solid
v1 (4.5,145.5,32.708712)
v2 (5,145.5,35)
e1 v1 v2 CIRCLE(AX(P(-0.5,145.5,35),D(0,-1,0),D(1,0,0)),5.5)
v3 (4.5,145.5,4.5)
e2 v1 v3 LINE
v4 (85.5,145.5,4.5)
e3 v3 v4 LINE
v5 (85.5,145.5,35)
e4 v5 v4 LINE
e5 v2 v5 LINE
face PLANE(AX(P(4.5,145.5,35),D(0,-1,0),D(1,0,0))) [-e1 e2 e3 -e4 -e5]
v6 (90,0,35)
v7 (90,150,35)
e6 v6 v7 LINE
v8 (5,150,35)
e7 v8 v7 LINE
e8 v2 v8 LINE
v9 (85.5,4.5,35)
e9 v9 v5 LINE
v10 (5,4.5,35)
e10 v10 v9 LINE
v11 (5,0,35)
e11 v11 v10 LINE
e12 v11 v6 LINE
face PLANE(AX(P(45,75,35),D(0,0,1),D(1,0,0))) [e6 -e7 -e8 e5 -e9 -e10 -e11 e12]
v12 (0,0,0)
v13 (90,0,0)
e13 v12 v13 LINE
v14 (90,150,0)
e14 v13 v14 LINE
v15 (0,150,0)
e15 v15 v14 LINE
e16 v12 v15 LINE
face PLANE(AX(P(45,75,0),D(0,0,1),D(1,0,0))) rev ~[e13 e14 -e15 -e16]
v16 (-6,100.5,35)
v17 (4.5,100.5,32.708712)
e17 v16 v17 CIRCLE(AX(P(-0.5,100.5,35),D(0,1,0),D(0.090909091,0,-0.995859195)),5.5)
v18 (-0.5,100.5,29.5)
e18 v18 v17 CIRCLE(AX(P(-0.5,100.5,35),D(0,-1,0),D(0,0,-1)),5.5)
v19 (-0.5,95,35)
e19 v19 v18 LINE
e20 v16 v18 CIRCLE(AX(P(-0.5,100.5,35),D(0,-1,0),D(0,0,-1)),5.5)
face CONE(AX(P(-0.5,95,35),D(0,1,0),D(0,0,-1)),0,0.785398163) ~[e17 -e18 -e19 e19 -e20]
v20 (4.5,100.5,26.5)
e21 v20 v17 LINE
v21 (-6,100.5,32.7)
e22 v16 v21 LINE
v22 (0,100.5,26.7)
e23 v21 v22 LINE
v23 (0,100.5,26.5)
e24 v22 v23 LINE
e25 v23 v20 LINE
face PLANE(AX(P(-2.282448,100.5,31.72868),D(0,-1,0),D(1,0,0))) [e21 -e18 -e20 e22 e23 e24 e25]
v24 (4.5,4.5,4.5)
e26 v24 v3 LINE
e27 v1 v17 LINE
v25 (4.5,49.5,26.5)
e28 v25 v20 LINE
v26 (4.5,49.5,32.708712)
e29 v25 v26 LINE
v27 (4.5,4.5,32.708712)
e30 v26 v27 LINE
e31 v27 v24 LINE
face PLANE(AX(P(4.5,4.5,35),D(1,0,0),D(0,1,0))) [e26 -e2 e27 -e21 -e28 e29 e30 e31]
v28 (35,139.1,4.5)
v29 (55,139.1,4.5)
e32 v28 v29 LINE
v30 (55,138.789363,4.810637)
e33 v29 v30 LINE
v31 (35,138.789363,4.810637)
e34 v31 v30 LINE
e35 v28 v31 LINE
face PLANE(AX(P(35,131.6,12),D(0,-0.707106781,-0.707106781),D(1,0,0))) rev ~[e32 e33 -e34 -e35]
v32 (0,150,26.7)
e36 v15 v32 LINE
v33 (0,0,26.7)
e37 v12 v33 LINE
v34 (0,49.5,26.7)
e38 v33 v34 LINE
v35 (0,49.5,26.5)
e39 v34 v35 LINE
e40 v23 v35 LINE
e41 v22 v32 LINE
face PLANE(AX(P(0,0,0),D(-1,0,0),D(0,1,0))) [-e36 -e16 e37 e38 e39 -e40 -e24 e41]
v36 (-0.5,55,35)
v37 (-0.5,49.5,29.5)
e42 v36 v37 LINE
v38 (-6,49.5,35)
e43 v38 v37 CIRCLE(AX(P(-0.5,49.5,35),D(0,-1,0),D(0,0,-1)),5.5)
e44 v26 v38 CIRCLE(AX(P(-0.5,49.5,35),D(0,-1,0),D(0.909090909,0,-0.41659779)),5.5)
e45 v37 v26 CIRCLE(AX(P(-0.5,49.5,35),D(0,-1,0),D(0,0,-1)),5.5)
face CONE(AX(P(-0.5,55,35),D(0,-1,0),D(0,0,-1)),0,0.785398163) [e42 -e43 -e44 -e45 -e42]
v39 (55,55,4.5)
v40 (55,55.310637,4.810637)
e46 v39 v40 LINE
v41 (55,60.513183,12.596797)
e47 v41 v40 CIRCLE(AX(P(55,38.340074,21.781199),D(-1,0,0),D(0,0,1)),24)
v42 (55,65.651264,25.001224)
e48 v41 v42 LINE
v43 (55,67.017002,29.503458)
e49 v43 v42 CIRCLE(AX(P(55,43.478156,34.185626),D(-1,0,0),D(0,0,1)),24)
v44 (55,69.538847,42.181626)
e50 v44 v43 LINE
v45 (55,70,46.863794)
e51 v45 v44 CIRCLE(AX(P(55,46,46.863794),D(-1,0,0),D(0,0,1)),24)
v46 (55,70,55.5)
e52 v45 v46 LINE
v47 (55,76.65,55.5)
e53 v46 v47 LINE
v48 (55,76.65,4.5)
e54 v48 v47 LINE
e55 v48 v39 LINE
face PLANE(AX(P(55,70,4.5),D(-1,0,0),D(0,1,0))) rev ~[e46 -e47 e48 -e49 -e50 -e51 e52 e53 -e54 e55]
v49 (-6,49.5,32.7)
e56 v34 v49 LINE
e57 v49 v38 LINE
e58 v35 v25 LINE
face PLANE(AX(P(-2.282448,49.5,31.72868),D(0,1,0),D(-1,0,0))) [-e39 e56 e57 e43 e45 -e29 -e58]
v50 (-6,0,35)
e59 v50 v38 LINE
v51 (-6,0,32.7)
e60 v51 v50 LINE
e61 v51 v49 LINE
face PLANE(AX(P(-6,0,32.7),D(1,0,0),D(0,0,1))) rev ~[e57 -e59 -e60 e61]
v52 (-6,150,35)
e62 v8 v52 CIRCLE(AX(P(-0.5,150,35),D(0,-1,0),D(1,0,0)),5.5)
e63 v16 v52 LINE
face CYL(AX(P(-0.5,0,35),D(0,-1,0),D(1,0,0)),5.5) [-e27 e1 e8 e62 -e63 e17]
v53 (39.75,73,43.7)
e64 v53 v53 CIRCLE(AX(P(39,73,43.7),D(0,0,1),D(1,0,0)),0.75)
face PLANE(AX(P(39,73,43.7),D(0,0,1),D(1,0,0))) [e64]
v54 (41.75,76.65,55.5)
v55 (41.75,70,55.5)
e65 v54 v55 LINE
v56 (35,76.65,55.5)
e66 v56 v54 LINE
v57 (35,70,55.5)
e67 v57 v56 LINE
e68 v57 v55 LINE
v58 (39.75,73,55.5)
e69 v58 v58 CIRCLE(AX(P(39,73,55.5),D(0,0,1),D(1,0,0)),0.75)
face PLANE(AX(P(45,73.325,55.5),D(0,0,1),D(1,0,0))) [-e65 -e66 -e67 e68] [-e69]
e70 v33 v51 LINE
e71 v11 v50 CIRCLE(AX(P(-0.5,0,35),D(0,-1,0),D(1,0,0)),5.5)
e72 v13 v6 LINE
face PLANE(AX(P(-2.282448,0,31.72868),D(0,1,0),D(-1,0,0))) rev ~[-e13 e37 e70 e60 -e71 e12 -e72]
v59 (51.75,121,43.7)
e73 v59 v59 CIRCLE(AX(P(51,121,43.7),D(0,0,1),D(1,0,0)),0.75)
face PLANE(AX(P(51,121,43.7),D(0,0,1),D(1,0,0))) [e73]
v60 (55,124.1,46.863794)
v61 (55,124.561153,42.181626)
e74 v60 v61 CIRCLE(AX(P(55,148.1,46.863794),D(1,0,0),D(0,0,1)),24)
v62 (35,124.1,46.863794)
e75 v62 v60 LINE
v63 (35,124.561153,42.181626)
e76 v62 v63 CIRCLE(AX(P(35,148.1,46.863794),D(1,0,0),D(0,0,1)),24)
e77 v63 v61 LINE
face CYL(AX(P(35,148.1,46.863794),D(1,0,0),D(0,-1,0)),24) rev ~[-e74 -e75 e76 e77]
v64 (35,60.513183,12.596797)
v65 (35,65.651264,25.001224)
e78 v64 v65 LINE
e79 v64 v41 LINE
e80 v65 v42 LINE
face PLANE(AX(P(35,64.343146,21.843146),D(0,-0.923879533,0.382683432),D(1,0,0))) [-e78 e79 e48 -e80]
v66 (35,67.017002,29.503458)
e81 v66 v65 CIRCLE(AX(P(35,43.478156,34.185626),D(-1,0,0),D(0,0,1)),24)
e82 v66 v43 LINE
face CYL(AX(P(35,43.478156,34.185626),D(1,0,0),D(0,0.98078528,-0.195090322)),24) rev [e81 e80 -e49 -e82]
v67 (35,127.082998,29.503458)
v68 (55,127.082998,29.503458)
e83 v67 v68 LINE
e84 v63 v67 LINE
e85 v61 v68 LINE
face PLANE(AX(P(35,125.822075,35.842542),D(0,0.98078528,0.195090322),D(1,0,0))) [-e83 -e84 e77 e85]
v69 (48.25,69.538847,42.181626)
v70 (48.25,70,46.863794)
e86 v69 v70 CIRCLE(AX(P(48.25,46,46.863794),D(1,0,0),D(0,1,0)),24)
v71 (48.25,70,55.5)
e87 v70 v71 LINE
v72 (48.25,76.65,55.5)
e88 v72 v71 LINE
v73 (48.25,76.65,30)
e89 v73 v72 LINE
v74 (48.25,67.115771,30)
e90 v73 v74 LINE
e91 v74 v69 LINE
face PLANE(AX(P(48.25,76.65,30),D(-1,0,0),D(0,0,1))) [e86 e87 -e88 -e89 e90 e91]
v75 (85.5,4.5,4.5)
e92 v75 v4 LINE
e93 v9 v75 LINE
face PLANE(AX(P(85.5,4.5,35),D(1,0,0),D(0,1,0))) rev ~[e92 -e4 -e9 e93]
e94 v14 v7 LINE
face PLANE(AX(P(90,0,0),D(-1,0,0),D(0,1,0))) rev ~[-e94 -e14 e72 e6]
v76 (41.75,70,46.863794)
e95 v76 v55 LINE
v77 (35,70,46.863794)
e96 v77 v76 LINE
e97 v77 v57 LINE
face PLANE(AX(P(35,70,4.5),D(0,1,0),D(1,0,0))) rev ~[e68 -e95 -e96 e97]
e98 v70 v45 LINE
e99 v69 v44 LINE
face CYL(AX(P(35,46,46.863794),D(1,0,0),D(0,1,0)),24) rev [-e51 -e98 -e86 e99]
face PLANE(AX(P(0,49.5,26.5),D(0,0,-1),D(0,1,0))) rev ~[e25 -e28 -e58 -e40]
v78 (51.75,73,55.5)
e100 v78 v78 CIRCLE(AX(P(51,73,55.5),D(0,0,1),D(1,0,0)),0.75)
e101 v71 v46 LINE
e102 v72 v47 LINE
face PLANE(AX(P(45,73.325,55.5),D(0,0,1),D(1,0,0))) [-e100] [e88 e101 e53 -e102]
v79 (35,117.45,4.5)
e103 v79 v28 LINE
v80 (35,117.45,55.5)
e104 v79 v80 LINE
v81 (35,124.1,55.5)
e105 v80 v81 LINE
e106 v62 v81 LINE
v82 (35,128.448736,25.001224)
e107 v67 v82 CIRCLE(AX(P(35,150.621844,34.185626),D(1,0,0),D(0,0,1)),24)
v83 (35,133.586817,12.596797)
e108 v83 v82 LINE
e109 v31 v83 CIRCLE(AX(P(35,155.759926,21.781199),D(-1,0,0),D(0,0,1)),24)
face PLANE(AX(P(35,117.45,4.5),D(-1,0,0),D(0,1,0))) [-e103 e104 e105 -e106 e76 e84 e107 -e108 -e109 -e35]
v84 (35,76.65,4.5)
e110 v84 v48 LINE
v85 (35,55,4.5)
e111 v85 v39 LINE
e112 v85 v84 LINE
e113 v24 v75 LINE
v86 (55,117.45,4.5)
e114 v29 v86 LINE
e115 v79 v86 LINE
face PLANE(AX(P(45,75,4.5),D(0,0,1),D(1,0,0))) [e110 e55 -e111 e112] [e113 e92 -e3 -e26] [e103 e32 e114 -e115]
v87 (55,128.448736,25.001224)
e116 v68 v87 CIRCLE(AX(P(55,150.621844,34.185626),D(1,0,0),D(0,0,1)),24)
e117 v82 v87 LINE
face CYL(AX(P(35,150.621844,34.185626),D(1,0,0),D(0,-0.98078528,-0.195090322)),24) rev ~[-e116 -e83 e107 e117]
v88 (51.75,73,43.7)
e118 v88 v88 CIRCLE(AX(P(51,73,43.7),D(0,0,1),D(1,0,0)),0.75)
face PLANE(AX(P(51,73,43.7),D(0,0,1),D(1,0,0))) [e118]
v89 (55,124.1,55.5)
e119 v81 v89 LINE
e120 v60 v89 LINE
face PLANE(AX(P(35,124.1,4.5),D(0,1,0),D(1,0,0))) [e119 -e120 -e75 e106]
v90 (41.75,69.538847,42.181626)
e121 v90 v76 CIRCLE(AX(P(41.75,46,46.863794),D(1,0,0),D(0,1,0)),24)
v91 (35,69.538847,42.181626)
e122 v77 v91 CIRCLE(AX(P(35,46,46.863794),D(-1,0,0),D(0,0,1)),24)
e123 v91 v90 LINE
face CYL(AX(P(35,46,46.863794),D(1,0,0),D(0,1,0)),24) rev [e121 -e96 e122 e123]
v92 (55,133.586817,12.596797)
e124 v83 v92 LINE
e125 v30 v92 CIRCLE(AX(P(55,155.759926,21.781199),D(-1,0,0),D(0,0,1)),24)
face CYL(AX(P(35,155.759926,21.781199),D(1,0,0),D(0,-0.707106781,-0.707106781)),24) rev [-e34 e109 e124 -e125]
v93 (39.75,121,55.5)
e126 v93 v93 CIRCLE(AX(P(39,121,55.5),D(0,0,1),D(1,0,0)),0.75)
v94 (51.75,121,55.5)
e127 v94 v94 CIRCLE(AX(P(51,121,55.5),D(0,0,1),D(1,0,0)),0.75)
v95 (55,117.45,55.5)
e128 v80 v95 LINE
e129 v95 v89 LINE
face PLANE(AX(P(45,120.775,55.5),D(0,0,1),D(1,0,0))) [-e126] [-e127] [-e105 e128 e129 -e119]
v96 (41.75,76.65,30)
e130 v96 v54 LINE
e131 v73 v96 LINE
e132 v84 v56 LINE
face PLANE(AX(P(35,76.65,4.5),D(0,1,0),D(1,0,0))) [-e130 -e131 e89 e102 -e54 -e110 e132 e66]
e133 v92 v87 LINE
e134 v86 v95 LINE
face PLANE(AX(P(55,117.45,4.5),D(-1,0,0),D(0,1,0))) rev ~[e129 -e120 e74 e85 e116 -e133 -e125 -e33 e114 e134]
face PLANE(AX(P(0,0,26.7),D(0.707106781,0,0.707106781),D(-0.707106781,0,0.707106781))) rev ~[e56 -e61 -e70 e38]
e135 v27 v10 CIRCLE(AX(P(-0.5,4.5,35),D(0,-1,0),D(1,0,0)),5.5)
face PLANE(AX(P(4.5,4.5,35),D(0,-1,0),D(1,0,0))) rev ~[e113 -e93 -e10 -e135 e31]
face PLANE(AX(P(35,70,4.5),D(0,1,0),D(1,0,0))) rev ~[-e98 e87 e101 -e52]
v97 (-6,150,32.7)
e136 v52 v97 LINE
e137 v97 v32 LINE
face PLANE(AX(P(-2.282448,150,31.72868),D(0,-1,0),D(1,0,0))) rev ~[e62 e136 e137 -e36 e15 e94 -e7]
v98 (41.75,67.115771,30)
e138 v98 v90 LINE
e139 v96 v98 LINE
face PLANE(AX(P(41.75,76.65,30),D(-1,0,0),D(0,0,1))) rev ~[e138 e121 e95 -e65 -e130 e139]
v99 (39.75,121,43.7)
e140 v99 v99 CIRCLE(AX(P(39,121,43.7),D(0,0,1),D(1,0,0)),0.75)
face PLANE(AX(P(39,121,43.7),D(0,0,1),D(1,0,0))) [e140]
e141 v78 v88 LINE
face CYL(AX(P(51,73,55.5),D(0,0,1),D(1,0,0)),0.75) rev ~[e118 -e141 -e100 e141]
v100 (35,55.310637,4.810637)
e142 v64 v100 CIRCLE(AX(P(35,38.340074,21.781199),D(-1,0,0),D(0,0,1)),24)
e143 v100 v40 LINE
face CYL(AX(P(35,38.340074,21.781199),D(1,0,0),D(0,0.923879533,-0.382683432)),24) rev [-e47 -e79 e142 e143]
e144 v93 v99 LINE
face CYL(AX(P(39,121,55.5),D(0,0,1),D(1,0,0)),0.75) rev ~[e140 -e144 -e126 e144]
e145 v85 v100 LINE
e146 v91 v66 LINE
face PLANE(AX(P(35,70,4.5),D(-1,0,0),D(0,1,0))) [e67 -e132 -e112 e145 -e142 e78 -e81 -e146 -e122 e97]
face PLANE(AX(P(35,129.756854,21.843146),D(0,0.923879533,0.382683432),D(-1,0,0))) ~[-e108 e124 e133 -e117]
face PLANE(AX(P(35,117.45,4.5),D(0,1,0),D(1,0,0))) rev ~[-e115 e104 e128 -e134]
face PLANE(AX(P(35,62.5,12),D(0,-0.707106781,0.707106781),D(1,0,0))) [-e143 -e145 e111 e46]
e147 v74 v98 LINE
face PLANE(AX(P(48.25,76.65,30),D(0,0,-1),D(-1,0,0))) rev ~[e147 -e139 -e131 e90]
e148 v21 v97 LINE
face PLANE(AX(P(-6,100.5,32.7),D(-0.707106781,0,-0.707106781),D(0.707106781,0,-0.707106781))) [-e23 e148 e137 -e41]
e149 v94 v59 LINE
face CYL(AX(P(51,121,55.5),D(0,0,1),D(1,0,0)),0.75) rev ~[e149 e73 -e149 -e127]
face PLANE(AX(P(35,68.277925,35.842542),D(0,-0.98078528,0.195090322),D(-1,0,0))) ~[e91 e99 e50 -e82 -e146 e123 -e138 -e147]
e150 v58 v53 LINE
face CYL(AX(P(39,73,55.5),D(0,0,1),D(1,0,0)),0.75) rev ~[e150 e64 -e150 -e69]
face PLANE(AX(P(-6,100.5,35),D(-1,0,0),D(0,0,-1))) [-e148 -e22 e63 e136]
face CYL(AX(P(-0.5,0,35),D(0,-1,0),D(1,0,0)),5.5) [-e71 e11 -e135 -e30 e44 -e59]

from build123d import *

# Parameters (mm, degrees)
SKETCH008_W     = 90
SKETCH008_H     = 150
PAD003_DEPTH    = 35
SKETCH009_W     = 81
SKETCH009_H     = 141
POCKET003_DEPTH = 30.5
SKETCH013_R     = 5.5
PAD006_DEPTH    = 150
SKETCH014_W     = 51
SKETCH014_H     = 14
POCKET005_DEPTH = 6
PAD008_DEPTH    = 49.5
PAD009_DEPTH    = 49.5
SKETCH021_W     = 20
SKETCH021_H     = 6.65
PAD010_DEPTH    = 51
CHAMFER001_SIZE = 15
SKETCH022_R     = 0.75
POCKET007_DEPTH = 11.8
CHAMFER002_SIZE = 16
CHAMFER003_SIZE = 9
FILLET001_R     = 24
SKETCH023_W     = 6.5
SKETCH023_H     = 25.5
POCKET008_DEPTH = 16


with BuildPart() as part:
    # Sketch008 → Pad003 (new body)
    with BuildSketch(Plane.XY):
        with Locations((45, 75)):
            Rectangle(SKETCH008_W, SKETCH008_H)
    extrude(amount=PAD003_DEPTH)

    # Sketch009 (on Face6 of Pad003) → Pocket003 (cut)
    with BuildSketch(Plane.XY.offset(35)):
        with Locations((45, 75)):
            Rectangle(SKETCH009_W, SKETCH009_H)
    extrude(amount=-POCKET003_DEPTH, mode=Mode.SUBTRACT)

    # Sketch013 → Pad006 (join)
    with BuildSketch(Plane.XZ):
        with Locations((-0.5, 35)):
            Circle(SKETCH013_R)
    extrude(amount=-PAD006_DEPTH)

    # Sketch014 → Pocket005 (cut, symmetric)
    with BuildSketch(Plane.YZ):
        with Locations((75, 33.5)):
            Rectangle(SKETCH014_W, SKETCH014_H)
    extrude(amount=POCKET005_DEPTH, both=True, mode=Mode.SUBTRACT)

    # Sketch017 (on Face13 of Pocket005) → Pad008 (join)
    with BuildSketch(Plane.XZ):
        Polygon((0, 26.7), (-6, 32.7), (-6, 35), (0, 35), align=None)
    extrude(amount=-PAD008_DEPTH)

    # Sketch018 (on Face19 of Pad008) → Pad009 (join)
    with BuildSketch(Plane.XZ.offset(-100.5)):
        Polygon((0, 26.7), (0, 35), (-6, 35), (-6, 32.7), align=None)
    extrude(amount=-PAD009_DEPTH)

    # Sketch019 (on DatumPlane) → Revolution (revolve)
    with BuildSketch(Plane(origin=(-0.5, 100.5, 0), x_dir=(0, 1, 0), z_dir=(1, 0, 0))):
        Polygon((0, 35), (-5.5, 35), (0, 29.5), align=None)
        Polygon((-51, 35), (-45.5, 35), (-51, 29.5), align=None)
    revolve(axis=Axis((-0.5, 100.5, 35), (0, -1, 0)))

    # Sketch021 (on Face26 of Revolution) → Pad010 (join)
    with BuildSketch(Plane.XY.offset(4.5)):
        with Locations((45, 120.775)):
            Rectangle(SKETCH021_W, SKETCH021_H)
        with Locations((45, 73.325)):
            Rectangle(SKETCH021_W, SKETCH021_H)
    extrude(amount=PAD010_DEPTH)

    # Chamfer001
    chamfer001_edges = [part.edges().sort_by_distance(p)[0] for p in [
        (45, 70, 4.5),
        (45, 124.1, 4.5),
    ]]
    chamfer(chamfer001_edges, length=CHAMFER001_SIZE)

    # Sketch022 (on Face23 of Chamfer001) → Pocket007 (cut)
    with BuildSketch(Plane.XY.offset(55.5)):
        with Locations((39, 121)):
            Circle(SKETCH022_R)
        with Locations((51, 121)):
            Circle(SKETCH022_R)
        with Locations((39, 73)):
            Circle(SKETCH022_R)
        with Locations((51, 73)):
            Circle(SKETCH022_R)
    extrude(amount=-POCKET007_DEPTH, mode=Mode.SUBTRACT)

    # Chamfer002
    chamfer002_edges = [part.edges().sort_by_distance(p)[0] for p in [
        (45, 70, 19.5),
        (45, 124.1, 19.5),
    ]]
    chamfer(chamfer002_edges, length=CHAMFER002_SIZE)

    # Chamfer003
    chamfer003_edges = [part.edges().sort_by_distance(p)[0] for p in [
        (45, 70, 35.5),
        (45, 124.1, 35.5),
    ]]
    chamfer(chamfer003_edges, length=CHAMFER003_SIZE)

    # Fillet001
    fillet001_edges = [part.edges().sort_by_distance(p)[0] for p in [
        (45, 124.1, 44.5),
        (45, 127.544151, 27.185084),
        (45, 135.413708, 8.186292),
        (45, 58.686292, 8.186292),
        (45, 66.555849, 27.185084),
        (45, 70, 44.5),
    ]]
    fillet(fillet001_edges, radius=FILLET001_R)

    # Sketch023 (on Face6 of Fillet001) → Pocket008 (cut)
    with BuildSketch(Plane(origin=(0, 76.65, 0), x_dir=(-1, 0, 0), z_dir=(0, 1, 0))):
        with Locations((-45, 42.75)):
            Rectangle(SKETCH023_W, SKETCH023_H)
    extrude(amount=-POCKET008_DEPTH, mode=Mode.SUBTRACT)


solid = part.part
